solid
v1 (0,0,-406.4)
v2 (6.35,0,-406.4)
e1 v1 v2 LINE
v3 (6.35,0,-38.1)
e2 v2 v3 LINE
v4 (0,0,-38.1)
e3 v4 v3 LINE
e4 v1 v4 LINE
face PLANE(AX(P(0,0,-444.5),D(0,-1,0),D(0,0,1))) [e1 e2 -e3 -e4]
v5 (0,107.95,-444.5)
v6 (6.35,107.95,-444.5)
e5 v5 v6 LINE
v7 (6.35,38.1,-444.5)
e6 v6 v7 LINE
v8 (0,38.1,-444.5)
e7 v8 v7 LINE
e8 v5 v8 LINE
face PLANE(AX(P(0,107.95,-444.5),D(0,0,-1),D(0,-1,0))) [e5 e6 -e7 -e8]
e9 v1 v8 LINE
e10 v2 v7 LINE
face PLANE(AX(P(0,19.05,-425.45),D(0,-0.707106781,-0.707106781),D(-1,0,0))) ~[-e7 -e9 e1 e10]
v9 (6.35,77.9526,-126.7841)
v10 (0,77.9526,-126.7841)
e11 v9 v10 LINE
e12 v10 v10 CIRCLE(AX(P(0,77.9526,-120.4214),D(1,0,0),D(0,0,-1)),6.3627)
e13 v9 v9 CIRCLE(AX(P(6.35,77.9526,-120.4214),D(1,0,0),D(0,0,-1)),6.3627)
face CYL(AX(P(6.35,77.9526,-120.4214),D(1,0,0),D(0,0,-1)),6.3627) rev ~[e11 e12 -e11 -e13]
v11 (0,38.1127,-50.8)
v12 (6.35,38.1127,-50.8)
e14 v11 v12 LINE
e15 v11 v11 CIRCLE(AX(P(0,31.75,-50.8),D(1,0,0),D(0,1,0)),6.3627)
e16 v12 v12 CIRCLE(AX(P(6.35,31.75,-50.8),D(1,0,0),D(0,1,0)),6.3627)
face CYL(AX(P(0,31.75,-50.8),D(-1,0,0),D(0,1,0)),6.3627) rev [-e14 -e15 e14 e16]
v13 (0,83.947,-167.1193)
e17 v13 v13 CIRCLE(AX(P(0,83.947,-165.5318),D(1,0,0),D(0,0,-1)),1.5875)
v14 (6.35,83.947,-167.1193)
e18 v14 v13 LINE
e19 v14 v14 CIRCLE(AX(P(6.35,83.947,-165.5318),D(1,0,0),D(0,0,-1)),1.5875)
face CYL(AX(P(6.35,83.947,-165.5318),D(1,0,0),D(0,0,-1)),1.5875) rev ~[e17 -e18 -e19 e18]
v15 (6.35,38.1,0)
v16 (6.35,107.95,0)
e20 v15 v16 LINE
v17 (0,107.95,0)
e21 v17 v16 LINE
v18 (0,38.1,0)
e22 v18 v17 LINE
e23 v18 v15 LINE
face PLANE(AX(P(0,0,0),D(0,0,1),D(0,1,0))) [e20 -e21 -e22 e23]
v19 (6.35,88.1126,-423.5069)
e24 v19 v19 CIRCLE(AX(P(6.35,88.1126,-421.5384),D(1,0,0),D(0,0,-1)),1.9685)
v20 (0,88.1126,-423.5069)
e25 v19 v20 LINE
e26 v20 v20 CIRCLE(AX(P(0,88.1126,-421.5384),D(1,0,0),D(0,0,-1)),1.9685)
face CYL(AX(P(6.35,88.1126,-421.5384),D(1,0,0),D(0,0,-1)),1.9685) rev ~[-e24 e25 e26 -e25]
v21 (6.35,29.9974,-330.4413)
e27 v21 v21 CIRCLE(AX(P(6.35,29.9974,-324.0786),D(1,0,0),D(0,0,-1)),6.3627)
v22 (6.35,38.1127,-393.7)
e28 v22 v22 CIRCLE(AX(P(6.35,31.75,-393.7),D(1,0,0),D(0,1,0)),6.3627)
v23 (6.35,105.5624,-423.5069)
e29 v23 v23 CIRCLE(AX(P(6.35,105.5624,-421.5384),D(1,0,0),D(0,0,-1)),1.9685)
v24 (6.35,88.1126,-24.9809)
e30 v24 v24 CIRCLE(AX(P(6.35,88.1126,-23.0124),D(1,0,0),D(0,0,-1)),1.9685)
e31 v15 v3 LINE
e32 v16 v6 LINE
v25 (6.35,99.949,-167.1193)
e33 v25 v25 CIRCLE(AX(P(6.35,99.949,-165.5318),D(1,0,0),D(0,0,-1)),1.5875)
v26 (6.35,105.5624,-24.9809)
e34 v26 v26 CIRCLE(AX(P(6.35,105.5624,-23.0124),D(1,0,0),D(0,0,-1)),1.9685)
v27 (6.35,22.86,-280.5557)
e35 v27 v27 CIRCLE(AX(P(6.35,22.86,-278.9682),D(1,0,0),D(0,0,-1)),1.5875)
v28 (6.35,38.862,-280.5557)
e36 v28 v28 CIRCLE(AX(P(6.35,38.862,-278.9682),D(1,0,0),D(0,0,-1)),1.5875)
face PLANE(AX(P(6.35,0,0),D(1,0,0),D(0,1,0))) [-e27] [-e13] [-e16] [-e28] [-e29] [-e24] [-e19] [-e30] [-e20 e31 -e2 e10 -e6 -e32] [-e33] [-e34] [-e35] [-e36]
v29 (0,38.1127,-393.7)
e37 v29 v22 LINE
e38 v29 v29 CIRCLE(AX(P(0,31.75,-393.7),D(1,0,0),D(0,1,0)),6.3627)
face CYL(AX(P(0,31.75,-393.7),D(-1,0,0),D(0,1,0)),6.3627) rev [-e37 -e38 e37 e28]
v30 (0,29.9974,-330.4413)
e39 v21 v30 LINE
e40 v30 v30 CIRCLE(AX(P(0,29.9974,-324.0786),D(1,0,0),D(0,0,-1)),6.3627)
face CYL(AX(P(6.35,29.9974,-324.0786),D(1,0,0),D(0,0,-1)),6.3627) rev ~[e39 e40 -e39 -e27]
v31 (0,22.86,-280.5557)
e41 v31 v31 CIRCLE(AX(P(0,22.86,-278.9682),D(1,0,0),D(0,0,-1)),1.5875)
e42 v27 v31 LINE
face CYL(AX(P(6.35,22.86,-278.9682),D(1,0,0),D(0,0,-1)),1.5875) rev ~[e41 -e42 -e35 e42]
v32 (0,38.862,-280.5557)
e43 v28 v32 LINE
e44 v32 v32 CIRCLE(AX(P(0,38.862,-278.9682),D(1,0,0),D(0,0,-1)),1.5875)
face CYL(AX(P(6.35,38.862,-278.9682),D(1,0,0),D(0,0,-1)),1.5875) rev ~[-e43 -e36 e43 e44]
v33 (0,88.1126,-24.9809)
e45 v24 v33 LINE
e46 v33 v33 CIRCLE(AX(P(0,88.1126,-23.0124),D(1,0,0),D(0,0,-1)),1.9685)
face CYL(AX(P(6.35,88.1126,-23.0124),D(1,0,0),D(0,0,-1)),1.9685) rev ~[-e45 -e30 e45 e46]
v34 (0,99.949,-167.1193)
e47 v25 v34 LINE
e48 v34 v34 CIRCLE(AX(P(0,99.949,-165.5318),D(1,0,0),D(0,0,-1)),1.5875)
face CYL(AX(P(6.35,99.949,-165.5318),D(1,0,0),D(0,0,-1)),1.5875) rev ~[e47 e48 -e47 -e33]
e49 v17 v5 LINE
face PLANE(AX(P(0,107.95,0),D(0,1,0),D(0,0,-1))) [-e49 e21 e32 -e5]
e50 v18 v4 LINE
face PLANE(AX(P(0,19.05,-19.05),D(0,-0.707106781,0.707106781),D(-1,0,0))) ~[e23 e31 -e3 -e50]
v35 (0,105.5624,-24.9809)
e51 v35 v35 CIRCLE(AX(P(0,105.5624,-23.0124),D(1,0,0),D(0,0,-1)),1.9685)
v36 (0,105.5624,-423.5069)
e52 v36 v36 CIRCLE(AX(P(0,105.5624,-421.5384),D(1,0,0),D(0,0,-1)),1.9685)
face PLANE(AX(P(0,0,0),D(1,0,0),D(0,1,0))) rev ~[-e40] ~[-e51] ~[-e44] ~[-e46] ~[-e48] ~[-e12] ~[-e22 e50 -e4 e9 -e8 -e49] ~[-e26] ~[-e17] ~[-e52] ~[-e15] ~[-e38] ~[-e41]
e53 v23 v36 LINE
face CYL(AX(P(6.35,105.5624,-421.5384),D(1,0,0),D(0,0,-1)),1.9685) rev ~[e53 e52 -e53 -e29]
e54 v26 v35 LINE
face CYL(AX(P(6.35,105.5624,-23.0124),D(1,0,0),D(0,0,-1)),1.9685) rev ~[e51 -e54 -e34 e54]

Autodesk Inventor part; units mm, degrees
ref_plane "YZ Plane" through (0, 0, 0) normal (1, 0, 0) x (0, 1, 0)
ref_plane "XZ Plane" through (0, 0, 0) normal (0, 1, 0) x (-1, 0, 0)
ref_plane "XY Plane" through (0, 0, 0) normal (0, 0, 1) x (1, 0, 0)
sketch "Sketch1" plane through (0, 0, 0) normal (1, 0, 0) x (0, 1, 0)
  line L0 (0, 0) -> (107.95, 0)
  line L1 (107.95, 0) -> (107.95, -444.5)
  line L2 (107.95, -444.5) -> (0, -444.5)
  line L3 (0, -444.5) -> (0, 0)
  circle A0 centre (31.75, -50.8) radius 6.3627
  circle A1 centre (31.75, -393.7) radius 6.3627
  circle A2 centre (92.6338, -165.5318) radius 1.5875
  circle A3 centre (76.6318, -165.5318) radius 1.5875
  circle A4 centre (15.3162, -278.9682) radius 1.5875
  circle A5 centre (31.3182, -278.9682) radius 1.5875
  dimension "d0" = 107.95
  dimension "d1" = 444.5
  dimension "d2" = 12.7254
  dimension "d3" = 31.75
  dimension "d4" = 50.8
  dimension "d5" = 50.8
  dimension "d22" = 165.5318
  dimension "d23" = 3.175
  dimension "d24" = 15.3162
  dimension "d25" = 3.175
  dimension "d26" = 16.002
  dimension "d27" = 165.5318
  dimension "d28" = 3.175
  dimension "d29" = 15.3162
  dimension "d30" = 165.5318
  dimension "d31" = 3.175
  dimension "d32" = 16.002
  dimension "d33" = 165.5318
extrude "Extrusion1" add sketch "Sketch1" along normal blind 6.35 contours L0 L1 L2 L3 | A2 | A3 | A4 | A5
chamfer "Chamfer1" distance 38.1 angle 45 1 edges at (3.175, 0, 0)
chamfer "Chamfer2" distance 38.1 angle 45 1 edges at (3.175, 0, -444.5)
sketch "Sketch2" plane through (6.35, 0, 0) normal (1, 0, 0) x (0, 0, -1)
  line L0 (444.5, 38.1) -> (406.4, 0) projected
  line L1 (444.5, 38.1) -> (444.5, 107.95) projected
  line L2 (444.5, 107.95) -> (0, 107.95) projected
  line L3 (0, 107.95) -> (0, 38.1) projected
  line L4 (38.1, 0) -> (0, 38.1) projected
  line L5 (38.1, 0) -> (406.4, 0) projected
  circle A0 centre (393.7, 31.75) radius 6.3627 projected
  circle A1 centre (50.8, 31.75) radius 6.3627 projected
  circle A2 centre (120.4214, 77.9526) radius 6.3627
  circle A3 centre (324.0786, 29.9974) radius 6.3627
  point P0 (0, 0)
  dimension "d14" = 12.7254
  dimension "d15" = 120.4214
  dimension "d16" = 29.9974
  dimension "d17" = 12.7254
  dimension "d18" = 29.9974
  dimension "d19" = 120.4214
extrude "Extrusion2" cut sketch "Sketch2" against normal blind 25.4 contours A2 | A3
sketch "Sketch3" plane through (6.35, 0, 0) normal (1, 0, 0) x (0, 0, -1)
  circle A0 centre (120.4214, 77.9526) radius 6.3627 projected
  circle A1 centre (324.0786, 29.9974) radius 6.3627 projected
  line L0 (444.5, 38.1) -> (406.4, 0) projected
  line L1 (444.5, 38.1) -> (444.5, 107.95) projected
  line L2 (444.5, 107.95) -> (0, 107.95) projected
  line L3 (0, 107.95) -> (0, 38.1) projected
  line L4 (38.1, 0) -> (0, 38.1) projected
  line L5 (38.1, 0) -> (406.4, 0) projected
  circle A2 centre (393.7, 31.75) radius 6.3627 projected
  circle A3 centre (50.8, 31.75) radius 6.3627 projected
  circle A4 centre (165.5318, 99.949) radius 1.5875
  circle A5 centre (165.5318, 83.947) radius 1.5875
  circle A6 centre (278.9682, 22.86) radius 1.5875
  circle A7 centre (278.9682, 38.862) radius 1.5875
  point P0 (0, 0)
  dimension "d34" = 3.175
  dimension "d35" = 165.5318
  dimension "d36" = 8.001
  dimension "d37" = 3.175
  dimension "d38" = 16.002
  dimension "d39" = 3.175
  dimension "d40" = 3.175
  dimension "d41" = 22.86
  dimension "d42" = 16.002
  dimension "d43" = 165.5318
extrude "Extrusion3" cut sketch "Sketch3" against normal blind 25.4 contours A4 | A5 | A6 | A7
sketch "Sketch5" plane through (6.35, 0, 0) normal (1, 0, 0) x (0, 0, -1)
  circle A0 centre (278.9682, 22.86) radius 1.5875 projected
  circle A1 centre (165.5318, 99.949) radius 1.5875 projected
  circle A2 centre (165.5318, 83.947) radius 1.5875 projected
  circle A3 centre (278.9682, 38.862) radius 1.5875 projected
  circle A4 centre (120.4214, 77.9526) radius 6.3627 projected
  circle A5 centre (324.0786, 29.9974) radius 6.3627 projected
  line L0 (444.5, 38.1) -> (406.4, 0) projected
  line L1 (444.5, 38.1) -> (444.5, 107.95) projected
  line L2 (444.5, 107.95) -> (0, 107.95) projected
  line L3 (0, 107.95) -> (0, 38.1) projected
  line L4 (38.1, 0) -> (0, 38.1) projected
  line L5 (38.1, 0) -> (406.4, 0) projected
  circle A6 centre (393.7, 31.75) radius 6.3627 projected
  circle A7 centre (50.8, 31.75) radius 6.3627 projected
  circle A8 centre (23.0124, 105.5624) radius 1.9685
  circle A9 centre (23.0124, 88.1126) radius 1.9685
  circle A10 centre (421.5384, 105.5624) radius 1.9685
  circle A11 centre (421.5384, 88.1126) radius 1.9685
  point P0 (0, 0)
  dimension "d59" = 3.937
  dimension "d60" = 23.0124
  dimension "d61" = 2.3876
  dimension "d62" = 3.937
  dimension "d64" = 3.937
  dimension "d65" = 3.937
  dimension "d66" = 2.3876
  dimension "d68" = 22.9616
  dimension "d71" = 19.8374
  dimension "d72" = 19.8374
extrude "Extrusion5" cut sketch "Sketch5" against normal blind 25.4 contours A8 | A9 | A10 | A11
properties part number "DriveTrain3.0"
